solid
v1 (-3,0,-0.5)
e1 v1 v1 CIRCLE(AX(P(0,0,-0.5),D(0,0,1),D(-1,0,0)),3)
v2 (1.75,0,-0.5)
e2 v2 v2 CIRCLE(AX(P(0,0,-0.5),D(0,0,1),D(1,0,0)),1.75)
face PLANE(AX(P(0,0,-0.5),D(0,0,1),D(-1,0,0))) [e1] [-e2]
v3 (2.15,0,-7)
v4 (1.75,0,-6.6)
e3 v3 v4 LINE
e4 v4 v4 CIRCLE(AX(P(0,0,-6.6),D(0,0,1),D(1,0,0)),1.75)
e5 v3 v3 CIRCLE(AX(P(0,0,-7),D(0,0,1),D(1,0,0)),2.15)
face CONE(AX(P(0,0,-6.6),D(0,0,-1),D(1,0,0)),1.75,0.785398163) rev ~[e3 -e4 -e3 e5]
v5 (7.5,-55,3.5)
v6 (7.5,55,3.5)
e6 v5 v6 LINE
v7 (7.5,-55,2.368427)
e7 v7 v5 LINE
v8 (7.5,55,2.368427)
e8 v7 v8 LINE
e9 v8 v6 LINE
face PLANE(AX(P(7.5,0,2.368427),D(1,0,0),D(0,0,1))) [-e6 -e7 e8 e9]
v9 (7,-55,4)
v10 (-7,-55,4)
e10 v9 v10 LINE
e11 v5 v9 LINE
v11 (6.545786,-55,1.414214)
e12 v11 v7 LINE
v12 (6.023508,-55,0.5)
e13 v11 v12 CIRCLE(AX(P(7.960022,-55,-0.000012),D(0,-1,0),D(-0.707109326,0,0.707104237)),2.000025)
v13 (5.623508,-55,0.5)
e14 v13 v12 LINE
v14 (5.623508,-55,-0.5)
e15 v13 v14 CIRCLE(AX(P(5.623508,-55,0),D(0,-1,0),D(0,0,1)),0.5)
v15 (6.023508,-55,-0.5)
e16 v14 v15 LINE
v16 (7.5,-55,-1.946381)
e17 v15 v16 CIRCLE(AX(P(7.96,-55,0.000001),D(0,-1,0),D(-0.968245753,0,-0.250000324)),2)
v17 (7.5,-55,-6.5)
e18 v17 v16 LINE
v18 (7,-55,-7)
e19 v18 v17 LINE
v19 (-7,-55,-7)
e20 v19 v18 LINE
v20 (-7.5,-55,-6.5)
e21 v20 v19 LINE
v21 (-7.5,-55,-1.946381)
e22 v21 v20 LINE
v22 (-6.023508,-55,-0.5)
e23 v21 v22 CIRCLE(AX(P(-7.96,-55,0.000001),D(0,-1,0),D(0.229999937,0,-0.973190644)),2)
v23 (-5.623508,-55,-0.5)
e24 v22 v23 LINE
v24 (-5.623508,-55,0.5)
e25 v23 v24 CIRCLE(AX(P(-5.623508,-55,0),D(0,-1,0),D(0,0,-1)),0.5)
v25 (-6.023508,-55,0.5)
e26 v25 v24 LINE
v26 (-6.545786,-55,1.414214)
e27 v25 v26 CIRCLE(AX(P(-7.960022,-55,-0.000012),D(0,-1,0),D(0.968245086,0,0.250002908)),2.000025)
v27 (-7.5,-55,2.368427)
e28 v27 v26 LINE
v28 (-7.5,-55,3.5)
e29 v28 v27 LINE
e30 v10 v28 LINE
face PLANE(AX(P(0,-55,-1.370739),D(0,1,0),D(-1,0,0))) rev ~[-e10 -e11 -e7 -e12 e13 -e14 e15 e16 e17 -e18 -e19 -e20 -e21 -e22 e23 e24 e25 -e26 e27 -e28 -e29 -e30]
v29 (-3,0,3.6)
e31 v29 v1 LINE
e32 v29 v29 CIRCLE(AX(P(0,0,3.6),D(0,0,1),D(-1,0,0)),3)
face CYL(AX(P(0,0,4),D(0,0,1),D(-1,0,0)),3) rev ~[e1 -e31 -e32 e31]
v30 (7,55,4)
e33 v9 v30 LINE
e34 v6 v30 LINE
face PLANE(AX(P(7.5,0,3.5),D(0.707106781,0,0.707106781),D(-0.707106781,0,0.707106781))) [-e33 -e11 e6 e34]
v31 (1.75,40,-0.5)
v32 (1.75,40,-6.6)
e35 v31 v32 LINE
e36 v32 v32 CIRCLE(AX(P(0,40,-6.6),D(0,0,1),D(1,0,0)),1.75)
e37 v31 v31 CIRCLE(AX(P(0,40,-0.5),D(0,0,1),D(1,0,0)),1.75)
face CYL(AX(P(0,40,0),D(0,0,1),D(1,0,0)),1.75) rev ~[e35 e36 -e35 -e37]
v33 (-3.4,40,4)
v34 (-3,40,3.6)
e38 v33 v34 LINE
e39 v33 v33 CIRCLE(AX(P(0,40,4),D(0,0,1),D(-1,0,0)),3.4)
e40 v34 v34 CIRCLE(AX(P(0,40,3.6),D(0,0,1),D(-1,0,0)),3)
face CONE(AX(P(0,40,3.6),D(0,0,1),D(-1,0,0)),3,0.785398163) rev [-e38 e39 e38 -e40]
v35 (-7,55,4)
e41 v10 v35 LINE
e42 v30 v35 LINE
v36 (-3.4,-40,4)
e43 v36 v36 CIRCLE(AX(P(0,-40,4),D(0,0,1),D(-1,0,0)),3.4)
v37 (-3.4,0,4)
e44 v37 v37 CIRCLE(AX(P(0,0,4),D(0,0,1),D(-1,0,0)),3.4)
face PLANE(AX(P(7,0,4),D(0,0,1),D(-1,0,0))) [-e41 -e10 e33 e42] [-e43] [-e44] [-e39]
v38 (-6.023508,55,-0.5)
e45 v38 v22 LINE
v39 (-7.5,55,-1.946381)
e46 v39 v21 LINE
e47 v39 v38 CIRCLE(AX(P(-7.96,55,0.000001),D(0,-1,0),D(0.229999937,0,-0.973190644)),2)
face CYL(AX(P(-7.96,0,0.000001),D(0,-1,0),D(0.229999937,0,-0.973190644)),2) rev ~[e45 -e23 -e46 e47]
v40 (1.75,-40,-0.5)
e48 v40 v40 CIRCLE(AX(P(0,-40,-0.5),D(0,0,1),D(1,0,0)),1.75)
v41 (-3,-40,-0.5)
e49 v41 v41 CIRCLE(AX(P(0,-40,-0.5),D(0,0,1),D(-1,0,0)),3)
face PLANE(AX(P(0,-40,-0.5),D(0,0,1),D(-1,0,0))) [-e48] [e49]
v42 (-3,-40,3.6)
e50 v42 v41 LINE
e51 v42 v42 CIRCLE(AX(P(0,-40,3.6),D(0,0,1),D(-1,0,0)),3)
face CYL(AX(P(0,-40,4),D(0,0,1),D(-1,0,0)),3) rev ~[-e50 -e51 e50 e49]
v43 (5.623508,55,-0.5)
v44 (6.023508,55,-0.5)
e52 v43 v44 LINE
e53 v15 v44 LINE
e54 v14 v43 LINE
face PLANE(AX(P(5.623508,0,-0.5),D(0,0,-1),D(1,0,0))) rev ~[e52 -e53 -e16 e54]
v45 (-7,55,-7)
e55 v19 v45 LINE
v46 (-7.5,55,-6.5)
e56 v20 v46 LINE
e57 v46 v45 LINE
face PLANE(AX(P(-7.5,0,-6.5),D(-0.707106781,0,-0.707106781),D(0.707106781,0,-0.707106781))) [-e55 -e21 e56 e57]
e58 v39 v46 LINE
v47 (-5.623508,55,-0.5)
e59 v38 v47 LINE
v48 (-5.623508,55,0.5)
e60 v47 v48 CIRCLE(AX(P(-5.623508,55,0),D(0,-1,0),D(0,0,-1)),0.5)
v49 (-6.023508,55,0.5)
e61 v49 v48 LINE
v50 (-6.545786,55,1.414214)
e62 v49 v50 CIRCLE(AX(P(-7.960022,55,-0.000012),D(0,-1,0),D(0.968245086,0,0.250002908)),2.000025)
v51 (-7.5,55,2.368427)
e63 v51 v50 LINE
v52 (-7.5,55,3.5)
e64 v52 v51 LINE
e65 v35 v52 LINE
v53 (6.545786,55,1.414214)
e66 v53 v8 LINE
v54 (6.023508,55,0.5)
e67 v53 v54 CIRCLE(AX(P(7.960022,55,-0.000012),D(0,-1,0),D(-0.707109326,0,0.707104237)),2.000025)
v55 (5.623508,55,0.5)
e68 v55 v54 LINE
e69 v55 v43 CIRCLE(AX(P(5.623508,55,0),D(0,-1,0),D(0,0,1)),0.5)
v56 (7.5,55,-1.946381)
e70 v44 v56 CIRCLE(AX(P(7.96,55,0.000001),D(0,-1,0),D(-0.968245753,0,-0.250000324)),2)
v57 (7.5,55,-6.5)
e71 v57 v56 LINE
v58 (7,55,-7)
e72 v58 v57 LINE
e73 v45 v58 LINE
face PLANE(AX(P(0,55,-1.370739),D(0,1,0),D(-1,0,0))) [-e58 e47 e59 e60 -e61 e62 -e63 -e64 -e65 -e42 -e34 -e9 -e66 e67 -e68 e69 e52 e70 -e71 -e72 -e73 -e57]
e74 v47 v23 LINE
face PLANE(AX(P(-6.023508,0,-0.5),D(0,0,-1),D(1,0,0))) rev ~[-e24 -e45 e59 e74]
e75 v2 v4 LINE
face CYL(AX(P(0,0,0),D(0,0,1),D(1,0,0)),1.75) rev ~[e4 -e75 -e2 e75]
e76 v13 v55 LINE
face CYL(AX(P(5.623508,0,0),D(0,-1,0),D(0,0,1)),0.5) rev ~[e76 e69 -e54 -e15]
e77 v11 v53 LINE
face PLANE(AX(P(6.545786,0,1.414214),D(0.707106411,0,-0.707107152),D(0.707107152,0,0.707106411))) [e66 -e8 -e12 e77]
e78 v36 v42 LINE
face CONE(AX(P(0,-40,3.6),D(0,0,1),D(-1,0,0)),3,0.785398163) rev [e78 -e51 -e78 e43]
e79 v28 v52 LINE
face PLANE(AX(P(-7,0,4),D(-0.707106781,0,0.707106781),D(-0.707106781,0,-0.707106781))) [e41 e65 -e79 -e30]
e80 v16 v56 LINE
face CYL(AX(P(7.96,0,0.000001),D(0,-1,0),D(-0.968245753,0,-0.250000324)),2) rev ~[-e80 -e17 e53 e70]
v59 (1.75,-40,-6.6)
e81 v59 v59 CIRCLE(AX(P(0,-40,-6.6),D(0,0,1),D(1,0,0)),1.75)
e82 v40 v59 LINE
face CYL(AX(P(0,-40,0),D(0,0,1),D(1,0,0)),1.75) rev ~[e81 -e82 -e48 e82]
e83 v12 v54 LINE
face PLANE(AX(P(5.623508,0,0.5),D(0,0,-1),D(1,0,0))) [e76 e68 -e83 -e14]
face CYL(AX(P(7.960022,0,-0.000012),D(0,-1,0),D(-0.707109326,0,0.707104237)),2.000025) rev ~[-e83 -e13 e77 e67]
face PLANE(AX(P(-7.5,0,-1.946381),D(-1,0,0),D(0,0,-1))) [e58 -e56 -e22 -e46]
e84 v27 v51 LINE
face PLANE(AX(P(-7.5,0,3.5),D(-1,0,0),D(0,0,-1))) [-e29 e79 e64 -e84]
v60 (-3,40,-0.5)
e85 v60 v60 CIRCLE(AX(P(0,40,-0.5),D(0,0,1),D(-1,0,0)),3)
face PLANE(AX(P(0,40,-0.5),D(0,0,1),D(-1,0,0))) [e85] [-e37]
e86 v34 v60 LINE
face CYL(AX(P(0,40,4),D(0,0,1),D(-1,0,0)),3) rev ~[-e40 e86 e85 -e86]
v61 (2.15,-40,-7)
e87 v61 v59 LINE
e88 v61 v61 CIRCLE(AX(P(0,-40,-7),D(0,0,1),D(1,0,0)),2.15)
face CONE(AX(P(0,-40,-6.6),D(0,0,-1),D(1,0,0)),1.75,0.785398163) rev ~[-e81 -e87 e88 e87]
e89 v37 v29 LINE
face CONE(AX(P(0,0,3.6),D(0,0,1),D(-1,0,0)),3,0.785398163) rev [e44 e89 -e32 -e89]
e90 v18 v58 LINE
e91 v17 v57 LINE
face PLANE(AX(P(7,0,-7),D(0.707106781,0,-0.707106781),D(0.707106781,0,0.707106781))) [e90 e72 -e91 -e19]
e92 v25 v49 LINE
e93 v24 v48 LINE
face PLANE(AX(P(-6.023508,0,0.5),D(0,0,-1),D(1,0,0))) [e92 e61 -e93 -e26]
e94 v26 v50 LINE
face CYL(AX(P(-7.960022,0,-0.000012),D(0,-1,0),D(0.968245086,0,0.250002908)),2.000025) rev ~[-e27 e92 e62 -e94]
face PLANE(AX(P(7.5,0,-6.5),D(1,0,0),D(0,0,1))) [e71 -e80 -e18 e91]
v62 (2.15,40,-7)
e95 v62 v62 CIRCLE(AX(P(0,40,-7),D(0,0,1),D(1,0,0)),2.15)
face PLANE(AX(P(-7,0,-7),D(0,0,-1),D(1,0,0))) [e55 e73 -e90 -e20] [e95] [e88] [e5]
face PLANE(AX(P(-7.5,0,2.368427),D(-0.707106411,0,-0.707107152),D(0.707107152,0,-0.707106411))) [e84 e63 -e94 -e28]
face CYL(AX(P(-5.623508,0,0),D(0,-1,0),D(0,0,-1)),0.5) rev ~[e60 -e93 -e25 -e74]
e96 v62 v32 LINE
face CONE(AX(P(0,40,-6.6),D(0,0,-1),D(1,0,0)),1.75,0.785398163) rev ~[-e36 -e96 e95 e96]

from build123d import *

# Parameters (mm, degrees)
PAD_DEPTH            = 55
SKETCH015_R          = 1.75
POCKET002_DEPTH      = 7.001
POCKET002_DEPTH_BACK = 4.001
SKETCH016_R          = 3
POCKET003_DEPTH      = 4.5
CHAMFER002_SIZE      = 0.4


with BuildPart() as part:
    # Sketch014 → Pad (new body, symmetric)
    with BuildSketch(Plane.XZ):
        with BuildLine():
            ThreePointArc((-5.623508, -0.5), (-5.123508, 0), (-5.623508, 0.5))
            Line((-6.023508, 0.5), (-5.623508, 0.5))
            ThreePointArc((-6.023508, 0.5), (-6.223408, 0.992092), (-6.545786, 1.414214))
            Line((-7.5, 2.368427), (-6.545786, 1.414214))
            Line((-7.5, 3.5), (-7.5, 2.368427))
            Line((-7, 4), (-7.5, 3.5))
            Line((7, 4), (-7, 4))
            Line((7.5, 3.5), (7, 4))
            Line((7.5, 2.368427), (7.5, 3.5))
            Line((6.545786, 1.414214), (7.5, 2.368427))
            ThreePointArc((6.545786, 1.414214), (6.223408, 0.992092), (6.023508, 0.5))
            Line((5.623508, 0.5), (6.023508, 0.5))
            ThreePointArc((5.623508, 0.5), (5.123508, 0), (5.623508, -0.5))
            Line((5.623508, -0.5), (6.023508, -0.5))
            ThreePointArc((6.023508, -0.5), (6.560429, -1.428706), (7.5, -1.946381))
            Line((7.5, -6.5), (7.5, -1.946381))
            Line((7, -7), (7.5, -6.5))
            Line((-7, -7), (7, -7))
            Line((-7.5, -6.5), (-7, -7))
            Line((-7.5, -1.946381), (-7.5, -6.5))
            ThreePointArc((-7.5, -1.946381), (-6.560429, -1.428706), (-6.023508, -0.5))
            Line((-6.023508, -0.5), (-5.623508, -0.5))
        make_face()
    extrude(amount=PAD_DEPTH, both=True)

    # Sketch015 → Pocket002 (cut, two sides)
    with BuildSketch(Plane.XY) as pocket002_sk:
        with Locations((0, -40)):
            Circle(SKETCH015_R)
        Circle(SKETCH015_R)
        with Locations((0, 40)):
            Circle(SKETCH015_R)
    extrude(amount=-POCKET002_DEPTH, mode=Mode.SUBTRACT)
    extrude(pocket002_sk.sketch, amount=POCKET002_DEPTH_BACK, mode=Mode.SUBTRACT)

    # Sketch016 (on Face13 of Pocket002) → Pocket003 (cut)
    with BuildSketch(Plane(origin=(0, 0, 4), x_dir=(-1, 0, 0), z_dir=(0, 0, 1))):
        with Locations((0, 40)):
            Circle(SKETCH016_R)
        Circle(SKETCH016_R)
        with Locations((0, -40)):
            Circle(SKETCH016_R)
    extrude(amount=-POCKET003_DEPTH, mode=Mode.SUBTRACT)

    # Chamfer002
    chamfer002_edges = [part.edges().sort_by_distance(p)[0] for p in [
        (-1.75, -40, -7),
        (-1.75, 0, -7),
        (-1.75, 40, -7),
        (3, 40, 4),
        (3, 0, 4),
        (3, -40, 4),
    ]]
    chamfer(chamfer002_edges, length=CHAMFER002_SIZE)


solid = part.part
